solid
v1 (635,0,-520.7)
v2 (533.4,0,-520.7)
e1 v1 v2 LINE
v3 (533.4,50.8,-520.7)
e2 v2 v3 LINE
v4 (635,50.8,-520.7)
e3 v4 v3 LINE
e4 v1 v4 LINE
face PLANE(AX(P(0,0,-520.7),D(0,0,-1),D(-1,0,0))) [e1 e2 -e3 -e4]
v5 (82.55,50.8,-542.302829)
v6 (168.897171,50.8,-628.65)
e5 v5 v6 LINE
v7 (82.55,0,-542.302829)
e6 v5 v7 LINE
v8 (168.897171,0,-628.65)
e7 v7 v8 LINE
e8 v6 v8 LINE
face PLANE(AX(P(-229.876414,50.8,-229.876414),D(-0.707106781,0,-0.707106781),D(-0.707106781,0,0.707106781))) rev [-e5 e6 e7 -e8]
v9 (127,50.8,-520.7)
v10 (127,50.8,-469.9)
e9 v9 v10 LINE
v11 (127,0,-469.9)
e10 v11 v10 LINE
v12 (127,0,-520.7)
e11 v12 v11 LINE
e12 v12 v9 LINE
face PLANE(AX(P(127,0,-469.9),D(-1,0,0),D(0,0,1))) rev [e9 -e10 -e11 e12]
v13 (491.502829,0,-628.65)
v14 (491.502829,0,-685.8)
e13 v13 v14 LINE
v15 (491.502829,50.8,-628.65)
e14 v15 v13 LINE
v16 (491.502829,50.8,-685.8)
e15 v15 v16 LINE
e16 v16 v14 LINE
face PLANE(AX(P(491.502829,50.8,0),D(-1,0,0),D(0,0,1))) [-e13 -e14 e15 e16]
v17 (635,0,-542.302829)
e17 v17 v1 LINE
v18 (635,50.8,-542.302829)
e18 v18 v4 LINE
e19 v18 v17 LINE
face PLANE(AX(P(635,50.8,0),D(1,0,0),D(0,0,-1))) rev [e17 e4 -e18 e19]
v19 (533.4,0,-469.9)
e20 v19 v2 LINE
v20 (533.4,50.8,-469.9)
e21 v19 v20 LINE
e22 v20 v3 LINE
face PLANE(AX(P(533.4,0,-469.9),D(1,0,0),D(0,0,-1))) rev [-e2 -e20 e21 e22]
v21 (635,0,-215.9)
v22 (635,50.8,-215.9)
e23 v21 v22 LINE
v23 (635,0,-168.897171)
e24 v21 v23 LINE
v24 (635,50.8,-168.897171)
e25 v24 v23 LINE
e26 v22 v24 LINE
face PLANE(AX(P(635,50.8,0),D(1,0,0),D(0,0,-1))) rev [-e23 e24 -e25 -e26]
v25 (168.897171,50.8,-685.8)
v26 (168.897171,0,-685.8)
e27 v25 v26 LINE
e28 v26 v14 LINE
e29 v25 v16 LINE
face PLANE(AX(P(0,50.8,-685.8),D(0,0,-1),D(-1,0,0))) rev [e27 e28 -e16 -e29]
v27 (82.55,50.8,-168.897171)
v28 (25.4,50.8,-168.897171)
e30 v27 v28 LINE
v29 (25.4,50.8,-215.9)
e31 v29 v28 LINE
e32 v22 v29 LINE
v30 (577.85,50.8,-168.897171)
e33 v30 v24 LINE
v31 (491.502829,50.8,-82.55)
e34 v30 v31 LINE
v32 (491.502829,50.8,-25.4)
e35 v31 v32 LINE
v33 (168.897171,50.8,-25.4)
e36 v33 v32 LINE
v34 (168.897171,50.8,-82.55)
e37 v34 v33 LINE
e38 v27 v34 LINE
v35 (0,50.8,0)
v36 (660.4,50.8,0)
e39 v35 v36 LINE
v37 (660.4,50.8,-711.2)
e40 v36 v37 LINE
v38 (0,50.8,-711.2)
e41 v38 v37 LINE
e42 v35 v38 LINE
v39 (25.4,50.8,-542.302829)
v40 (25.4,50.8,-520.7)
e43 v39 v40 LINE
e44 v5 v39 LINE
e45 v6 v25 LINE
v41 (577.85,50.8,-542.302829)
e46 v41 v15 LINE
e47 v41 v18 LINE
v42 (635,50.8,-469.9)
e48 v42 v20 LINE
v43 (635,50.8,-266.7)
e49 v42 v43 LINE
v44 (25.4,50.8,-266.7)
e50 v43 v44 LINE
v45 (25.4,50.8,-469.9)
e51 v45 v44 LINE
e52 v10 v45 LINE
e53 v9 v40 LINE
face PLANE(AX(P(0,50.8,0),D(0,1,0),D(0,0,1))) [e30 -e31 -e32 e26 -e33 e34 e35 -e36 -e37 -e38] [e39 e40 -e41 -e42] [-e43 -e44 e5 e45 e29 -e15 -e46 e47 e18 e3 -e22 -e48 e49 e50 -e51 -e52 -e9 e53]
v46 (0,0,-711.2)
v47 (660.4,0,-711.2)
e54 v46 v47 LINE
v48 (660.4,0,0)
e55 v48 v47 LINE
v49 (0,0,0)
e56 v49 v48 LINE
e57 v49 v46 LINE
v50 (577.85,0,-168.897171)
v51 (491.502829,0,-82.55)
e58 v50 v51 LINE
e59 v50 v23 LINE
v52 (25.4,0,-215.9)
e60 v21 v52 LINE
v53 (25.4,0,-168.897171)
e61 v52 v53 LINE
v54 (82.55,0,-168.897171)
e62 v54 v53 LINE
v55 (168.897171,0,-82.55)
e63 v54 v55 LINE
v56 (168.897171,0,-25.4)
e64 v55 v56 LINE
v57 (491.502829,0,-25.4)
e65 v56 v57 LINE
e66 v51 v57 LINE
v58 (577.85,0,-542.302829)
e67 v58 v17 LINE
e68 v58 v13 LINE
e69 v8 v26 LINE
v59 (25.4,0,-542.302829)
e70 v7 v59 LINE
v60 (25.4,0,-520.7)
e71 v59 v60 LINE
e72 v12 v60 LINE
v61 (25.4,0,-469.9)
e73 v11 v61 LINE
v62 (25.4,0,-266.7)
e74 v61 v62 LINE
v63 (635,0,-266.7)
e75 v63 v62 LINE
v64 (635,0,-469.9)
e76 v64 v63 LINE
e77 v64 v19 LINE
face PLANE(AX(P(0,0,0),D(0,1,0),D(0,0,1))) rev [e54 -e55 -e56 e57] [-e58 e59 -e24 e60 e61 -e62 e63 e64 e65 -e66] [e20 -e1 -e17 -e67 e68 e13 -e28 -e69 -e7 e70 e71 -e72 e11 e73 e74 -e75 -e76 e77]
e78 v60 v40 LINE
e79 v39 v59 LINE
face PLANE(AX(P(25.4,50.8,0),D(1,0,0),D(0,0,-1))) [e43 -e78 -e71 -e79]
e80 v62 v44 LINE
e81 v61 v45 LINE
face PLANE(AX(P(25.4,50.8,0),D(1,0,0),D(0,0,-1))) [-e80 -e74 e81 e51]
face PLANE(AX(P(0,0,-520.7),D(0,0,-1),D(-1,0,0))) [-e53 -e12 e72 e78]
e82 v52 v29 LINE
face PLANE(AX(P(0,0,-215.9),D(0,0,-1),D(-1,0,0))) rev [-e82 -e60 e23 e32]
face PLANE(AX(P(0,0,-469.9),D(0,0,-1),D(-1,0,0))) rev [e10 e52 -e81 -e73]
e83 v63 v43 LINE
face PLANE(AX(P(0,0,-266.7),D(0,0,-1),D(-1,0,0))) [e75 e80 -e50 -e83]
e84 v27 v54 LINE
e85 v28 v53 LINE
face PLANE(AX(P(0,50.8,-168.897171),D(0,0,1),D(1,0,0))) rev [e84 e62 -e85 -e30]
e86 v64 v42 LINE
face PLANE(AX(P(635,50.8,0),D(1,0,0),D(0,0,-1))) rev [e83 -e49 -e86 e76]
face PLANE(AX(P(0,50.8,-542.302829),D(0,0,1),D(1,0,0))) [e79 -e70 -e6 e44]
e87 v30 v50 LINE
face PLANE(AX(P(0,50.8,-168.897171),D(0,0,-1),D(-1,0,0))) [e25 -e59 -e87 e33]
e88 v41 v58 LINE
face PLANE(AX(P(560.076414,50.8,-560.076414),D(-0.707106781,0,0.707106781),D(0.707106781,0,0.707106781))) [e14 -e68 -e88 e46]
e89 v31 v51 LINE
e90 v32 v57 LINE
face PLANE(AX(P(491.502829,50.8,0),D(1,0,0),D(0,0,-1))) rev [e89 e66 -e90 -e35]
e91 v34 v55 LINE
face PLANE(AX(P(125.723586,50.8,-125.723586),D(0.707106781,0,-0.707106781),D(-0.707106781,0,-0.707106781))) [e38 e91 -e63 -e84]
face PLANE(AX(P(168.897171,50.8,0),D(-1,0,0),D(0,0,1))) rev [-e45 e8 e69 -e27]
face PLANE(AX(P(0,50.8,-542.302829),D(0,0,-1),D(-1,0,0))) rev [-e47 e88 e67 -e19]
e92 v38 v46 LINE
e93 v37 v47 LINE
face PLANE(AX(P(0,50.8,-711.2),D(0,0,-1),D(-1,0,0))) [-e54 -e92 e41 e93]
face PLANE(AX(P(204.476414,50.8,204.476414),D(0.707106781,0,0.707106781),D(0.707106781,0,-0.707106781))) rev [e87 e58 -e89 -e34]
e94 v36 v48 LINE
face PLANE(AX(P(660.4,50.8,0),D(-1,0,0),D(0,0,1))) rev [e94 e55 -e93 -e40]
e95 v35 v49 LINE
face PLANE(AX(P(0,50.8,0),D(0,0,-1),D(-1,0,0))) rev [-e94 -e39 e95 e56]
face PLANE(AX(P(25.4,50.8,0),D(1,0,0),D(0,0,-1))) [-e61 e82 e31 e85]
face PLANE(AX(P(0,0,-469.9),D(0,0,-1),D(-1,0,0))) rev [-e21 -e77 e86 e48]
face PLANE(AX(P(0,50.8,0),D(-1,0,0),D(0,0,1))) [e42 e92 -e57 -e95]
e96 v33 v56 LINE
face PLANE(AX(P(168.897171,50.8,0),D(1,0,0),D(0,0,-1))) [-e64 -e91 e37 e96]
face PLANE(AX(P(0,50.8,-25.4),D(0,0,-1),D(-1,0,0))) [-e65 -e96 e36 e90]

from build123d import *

# Parameters (mm, degrees)
SKETCH1_W           = 660.4
SKETCH1_H           = 711.2
SKETCH1_W_2         = 609.6
SKETCH1_H_2         = 660.4
BOSS_EXTRUDE1_DEPTH = 50.8
SKETCH2_W           = 609.6
SKETCH2_H           = 50.8
BOSS_EXTRUDE2_DEPTH = 50.8
SKETCH3_W           = 406.4
SKETCH3_H           = 50.8
CUT_EXTRUDE2_DEPTH  = 972.861224661


with BuildPart() as part:
    # Sketch1 → Boss-Extrude1 (new body)
    # profile 1 of 5: a face of its own
    with BuildSketch(Plane(origin=(0, 0, 0), x_dir=(1, 0, 0), z_dir=(0, 1, 0))):
        with Locations((330.2, 355.6)):
            Rectangle(SKETCH1_W, SKETCH1_H)
        with Locations((330.2, 355.6)):
            Rectangle(SKETCH1_W_2, SKETCH1_H_2, mode=Mode.SUBTRACT)
    # profile 2 of 5: a face of its own
    with BuildSketch(Plane(origin=(0, 0, 0), x_dir=(1, 0, 0), z_dir=(0, 1, 0))):
        Polygon((82.55, 168.89717139), (25.4, 168.89717139), (25.4, 25.4), (168.89717139, 25.4), (168.89717139, 82.55), align=None)
    # profile 3 of 5: a face of its own
    with BuildSketch(Plane(origin=(0, 0, 0), x_dir=(1, 0, 0), z_dir=(0, 1, 0))):
        Polygon((491.50282861, 82.55), (491.50282861, 25.4), (635, 25.4), (635, 168.89717139), (577.85, 168.89717139), align=None)
    # profile 4 of 5: a face of its own
    with BuildSketch(Plane(origin=(0, 0, 0), x_dir=(1, 0, 0), z_dir=(0, 1, 0))):
        Polygon((635, 685.8), (491.50282861, 685.8), (491.50282861, 628.65), (577.85, 542.30282861), (635, 542.30282861), align=None)
    # profile 5 of 5: a face of its own
    with BuildSketch(Plane(origin=(0, 0, 0), x_dir=(1, 0, 0), z_dir=(0, 1, 0))):
        Polygon((25.4, 542.30282861), (82.55, 542.30282861), (168.89717139, 628.65), (168.89717139, 685.8), (25.4, 685.8), align=None)
    extrude(amount=BOSS_EXTRUDE1_DEPTH)

    # Sketch2 → Boss-Extrude2 (add)
    with BuildSketch(Plane(origin=(0, 50.8, 0), x_dir=(1, 0, 0), z_dir=(0, 1, 0))):
        with Locations((330.2, 241.3)):
            Rectangle(SKETCH2_W, SKETCH2_H)
        with Locations((330.2, 495.3)):
            Rectangle(SKETCH2_W, SKETCH2_H)
    extrude(amount=-BOSS_EXTRUDE2_DEPTH)

    # Sketch3 → Cut-Extrude2 (cut, through all)
    with BuildSketch(Plane(origin=(0, 50.8, 0), x_dir=(1, 0, 0), z_dir=(0, 1, 0))):
        with Locations((330.2, 495.3)):
            Rectangle(SKETCH3_W, SKETCH3_H)
    extrude(amount=-CUT_EXTRUDE2_DEPTH, mode=Mode.SUBTRACT)


solid = part.part
